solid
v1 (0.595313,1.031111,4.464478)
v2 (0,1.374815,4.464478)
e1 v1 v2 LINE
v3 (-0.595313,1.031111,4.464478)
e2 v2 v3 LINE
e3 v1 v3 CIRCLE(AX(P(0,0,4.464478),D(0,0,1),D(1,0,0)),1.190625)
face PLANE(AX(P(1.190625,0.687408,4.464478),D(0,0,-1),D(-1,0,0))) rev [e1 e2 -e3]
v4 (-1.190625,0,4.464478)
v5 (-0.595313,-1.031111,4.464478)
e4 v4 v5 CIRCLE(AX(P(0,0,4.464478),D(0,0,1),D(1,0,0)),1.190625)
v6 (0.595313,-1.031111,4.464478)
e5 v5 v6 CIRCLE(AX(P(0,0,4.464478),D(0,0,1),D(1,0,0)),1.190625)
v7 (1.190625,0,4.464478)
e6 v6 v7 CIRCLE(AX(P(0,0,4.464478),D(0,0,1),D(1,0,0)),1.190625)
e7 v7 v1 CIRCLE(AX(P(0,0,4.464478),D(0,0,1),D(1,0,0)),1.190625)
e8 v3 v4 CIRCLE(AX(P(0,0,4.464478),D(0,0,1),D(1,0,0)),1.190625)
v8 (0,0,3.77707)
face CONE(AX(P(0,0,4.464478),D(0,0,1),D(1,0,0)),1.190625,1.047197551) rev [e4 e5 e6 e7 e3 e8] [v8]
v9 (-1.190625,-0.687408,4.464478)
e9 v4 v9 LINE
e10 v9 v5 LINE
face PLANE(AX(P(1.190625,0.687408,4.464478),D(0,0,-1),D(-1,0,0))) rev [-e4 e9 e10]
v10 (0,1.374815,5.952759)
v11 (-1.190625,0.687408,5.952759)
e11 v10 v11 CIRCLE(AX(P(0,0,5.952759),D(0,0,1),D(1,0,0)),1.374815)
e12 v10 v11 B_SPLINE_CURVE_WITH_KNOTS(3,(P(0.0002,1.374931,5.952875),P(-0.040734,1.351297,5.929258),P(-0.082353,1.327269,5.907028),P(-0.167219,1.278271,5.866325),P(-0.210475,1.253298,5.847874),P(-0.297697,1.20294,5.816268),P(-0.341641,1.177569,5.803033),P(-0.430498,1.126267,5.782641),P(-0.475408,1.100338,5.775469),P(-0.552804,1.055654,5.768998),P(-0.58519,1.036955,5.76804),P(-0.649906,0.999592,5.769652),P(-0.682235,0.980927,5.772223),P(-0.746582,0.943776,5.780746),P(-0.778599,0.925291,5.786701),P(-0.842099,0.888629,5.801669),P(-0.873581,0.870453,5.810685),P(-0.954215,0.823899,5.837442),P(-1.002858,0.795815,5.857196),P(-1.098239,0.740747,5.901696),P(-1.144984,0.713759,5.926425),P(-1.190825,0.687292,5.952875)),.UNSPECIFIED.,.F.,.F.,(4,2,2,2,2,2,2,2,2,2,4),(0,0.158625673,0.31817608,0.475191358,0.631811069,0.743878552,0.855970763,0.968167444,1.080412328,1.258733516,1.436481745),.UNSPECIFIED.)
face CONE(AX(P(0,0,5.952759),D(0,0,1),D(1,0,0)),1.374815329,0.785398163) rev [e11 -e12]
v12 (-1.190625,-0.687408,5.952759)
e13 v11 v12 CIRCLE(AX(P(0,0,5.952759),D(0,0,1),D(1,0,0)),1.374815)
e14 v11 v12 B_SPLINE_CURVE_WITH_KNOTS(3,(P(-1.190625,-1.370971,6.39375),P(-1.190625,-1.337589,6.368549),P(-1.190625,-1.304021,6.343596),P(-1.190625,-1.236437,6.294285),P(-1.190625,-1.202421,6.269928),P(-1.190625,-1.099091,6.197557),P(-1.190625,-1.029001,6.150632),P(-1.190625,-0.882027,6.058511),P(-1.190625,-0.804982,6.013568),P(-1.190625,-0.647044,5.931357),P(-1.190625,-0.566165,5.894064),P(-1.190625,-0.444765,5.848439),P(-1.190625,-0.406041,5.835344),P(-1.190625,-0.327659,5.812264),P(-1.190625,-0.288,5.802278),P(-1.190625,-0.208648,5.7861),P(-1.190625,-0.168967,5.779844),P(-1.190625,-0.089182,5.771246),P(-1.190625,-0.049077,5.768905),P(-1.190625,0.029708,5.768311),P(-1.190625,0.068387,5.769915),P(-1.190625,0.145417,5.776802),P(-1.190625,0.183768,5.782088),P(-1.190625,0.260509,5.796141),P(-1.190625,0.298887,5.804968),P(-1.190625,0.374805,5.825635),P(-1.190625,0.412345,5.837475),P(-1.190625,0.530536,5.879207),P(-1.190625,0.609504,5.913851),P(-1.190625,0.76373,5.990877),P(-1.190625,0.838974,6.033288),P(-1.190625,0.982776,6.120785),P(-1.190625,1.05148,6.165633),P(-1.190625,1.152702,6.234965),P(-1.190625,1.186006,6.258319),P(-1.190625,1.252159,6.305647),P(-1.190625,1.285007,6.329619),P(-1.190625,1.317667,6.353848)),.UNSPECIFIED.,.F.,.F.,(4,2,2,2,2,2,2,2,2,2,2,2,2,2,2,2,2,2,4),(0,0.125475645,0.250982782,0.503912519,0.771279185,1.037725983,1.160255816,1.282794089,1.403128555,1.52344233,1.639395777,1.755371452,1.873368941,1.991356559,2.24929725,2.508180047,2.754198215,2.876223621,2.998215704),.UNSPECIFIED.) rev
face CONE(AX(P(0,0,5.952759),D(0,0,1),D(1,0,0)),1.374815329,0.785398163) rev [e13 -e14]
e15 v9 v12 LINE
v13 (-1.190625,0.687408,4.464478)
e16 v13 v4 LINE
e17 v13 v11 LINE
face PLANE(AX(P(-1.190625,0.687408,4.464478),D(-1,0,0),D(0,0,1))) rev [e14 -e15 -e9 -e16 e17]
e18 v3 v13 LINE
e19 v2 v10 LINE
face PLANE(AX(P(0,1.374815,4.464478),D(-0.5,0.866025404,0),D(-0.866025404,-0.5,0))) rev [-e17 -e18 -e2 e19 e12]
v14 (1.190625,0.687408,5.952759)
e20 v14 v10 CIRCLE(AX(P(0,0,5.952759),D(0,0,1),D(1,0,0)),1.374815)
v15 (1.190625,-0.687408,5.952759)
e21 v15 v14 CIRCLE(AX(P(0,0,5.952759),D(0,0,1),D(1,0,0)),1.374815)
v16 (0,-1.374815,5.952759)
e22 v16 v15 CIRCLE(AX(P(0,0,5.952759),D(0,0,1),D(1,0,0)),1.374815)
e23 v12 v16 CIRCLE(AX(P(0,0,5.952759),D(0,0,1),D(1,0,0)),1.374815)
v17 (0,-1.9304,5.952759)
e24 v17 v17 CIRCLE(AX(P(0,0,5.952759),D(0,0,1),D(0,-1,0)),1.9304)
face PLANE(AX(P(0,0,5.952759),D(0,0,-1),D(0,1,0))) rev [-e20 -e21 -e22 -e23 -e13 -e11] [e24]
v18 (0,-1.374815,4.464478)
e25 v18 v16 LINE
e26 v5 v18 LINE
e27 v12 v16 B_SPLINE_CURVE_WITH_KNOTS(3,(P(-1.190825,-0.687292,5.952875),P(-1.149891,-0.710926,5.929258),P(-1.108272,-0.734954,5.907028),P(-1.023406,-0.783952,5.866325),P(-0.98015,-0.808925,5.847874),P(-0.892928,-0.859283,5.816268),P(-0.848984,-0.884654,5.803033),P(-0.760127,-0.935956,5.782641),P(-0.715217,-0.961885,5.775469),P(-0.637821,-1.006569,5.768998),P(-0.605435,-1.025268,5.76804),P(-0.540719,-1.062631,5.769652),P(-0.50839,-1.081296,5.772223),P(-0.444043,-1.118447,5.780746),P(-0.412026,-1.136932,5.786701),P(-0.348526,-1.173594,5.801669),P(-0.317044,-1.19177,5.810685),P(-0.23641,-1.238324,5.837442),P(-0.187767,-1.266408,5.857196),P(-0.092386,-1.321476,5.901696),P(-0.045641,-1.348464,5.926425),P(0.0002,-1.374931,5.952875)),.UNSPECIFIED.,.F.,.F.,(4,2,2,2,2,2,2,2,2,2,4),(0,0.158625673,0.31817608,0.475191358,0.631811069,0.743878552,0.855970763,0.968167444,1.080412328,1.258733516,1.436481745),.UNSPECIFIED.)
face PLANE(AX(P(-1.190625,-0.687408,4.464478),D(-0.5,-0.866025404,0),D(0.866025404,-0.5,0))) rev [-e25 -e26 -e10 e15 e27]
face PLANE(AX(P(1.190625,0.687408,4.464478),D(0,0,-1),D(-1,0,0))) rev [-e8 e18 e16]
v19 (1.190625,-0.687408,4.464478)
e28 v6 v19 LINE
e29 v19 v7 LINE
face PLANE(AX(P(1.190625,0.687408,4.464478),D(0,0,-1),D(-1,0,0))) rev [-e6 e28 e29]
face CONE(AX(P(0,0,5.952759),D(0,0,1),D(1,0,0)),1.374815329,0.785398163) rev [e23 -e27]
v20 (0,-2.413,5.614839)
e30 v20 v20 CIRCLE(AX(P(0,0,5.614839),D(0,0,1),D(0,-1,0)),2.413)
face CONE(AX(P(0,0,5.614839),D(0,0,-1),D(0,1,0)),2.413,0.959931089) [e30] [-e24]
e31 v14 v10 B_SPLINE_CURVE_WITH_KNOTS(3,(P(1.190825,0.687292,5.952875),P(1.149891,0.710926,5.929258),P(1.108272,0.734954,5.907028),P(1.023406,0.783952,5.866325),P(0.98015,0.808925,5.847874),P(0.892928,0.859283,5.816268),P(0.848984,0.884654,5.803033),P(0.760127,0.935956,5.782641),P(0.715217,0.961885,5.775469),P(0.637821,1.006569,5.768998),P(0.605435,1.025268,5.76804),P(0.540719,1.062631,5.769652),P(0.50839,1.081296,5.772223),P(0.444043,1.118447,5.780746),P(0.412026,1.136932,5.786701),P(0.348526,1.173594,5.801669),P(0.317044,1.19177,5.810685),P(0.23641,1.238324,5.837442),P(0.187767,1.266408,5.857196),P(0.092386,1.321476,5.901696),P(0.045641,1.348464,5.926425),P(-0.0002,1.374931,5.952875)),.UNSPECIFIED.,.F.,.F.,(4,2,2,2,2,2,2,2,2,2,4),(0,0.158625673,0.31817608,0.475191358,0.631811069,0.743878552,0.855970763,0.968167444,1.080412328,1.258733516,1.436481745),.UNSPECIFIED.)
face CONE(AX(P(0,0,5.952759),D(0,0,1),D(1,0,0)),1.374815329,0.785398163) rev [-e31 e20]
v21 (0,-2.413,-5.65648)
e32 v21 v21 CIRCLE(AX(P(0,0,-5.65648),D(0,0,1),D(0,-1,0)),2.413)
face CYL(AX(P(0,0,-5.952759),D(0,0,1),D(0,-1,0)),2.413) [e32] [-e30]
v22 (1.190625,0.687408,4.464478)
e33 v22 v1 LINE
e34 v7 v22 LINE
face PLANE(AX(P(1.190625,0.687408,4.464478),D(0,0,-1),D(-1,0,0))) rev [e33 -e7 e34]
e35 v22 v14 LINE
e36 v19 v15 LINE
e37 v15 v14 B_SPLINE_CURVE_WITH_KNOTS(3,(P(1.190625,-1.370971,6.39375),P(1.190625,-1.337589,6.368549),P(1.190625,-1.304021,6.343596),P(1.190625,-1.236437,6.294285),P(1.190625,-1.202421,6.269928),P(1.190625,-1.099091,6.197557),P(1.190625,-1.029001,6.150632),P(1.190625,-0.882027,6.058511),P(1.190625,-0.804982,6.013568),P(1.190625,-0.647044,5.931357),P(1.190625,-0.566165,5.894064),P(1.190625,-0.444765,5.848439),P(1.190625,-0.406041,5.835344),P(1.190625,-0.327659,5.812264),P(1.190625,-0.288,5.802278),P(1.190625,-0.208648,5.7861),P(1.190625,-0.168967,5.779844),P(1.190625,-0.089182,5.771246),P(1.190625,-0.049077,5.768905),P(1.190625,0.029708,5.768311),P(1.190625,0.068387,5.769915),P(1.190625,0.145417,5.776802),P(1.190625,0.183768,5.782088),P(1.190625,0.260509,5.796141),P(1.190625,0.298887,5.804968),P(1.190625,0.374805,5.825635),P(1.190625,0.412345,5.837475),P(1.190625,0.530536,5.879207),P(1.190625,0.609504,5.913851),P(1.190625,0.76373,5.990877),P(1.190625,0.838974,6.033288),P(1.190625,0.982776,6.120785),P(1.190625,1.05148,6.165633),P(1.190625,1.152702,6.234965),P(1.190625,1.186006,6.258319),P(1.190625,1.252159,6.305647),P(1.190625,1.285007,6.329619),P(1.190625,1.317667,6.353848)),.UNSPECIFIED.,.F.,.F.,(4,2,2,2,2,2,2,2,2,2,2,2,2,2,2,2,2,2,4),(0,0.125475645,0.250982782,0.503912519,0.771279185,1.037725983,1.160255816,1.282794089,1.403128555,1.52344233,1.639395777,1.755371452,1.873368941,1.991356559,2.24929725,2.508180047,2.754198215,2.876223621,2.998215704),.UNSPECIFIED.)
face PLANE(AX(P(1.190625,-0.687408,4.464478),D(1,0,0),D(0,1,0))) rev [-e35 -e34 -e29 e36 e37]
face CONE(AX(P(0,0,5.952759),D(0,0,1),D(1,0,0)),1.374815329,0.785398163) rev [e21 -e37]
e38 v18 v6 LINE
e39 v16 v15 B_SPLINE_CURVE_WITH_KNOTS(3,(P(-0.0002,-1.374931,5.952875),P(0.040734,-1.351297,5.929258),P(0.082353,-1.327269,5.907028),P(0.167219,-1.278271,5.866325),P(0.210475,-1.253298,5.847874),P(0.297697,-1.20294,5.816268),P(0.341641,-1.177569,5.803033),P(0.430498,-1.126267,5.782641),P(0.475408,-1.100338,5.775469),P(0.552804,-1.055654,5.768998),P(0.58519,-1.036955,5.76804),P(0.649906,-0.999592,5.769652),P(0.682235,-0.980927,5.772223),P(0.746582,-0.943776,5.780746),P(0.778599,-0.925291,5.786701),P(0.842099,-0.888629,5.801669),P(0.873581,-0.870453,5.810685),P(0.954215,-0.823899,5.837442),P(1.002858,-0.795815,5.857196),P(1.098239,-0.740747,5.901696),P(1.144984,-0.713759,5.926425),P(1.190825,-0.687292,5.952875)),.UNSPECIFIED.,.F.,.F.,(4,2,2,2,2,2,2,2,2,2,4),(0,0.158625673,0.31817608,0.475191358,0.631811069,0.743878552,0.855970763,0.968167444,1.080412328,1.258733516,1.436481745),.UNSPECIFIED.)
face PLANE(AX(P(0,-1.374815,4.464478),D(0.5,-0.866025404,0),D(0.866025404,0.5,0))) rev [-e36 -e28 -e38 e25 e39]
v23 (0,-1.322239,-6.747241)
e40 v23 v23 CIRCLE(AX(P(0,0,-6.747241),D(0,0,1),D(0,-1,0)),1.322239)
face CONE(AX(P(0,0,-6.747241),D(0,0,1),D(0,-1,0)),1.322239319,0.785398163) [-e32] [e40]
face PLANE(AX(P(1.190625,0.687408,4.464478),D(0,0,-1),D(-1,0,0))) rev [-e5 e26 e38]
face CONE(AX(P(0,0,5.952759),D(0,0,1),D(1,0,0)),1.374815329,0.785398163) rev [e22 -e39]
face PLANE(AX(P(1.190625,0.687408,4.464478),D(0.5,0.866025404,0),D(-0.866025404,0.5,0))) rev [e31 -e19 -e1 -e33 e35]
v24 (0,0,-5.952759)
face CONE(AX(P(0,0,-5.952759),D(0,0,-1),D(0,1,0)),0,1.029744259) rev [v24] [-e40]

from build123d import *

# Parameters (mm, degrees)
CUT_EXTRUDE10_DEPTH = 1.48828125


with BuildPart() as part:
    # Sketch22 → Revolve1 (revolve)
    with BuildSketch(Plane(origin=(0, 0, 0), x_dir=(0, 0, -1), z_dir=(1, 0, 0))):
        Polygon((-5.952759232, 0), (-5.952759232, 1.9304), (-5.614839074, 2.413), (5.656480087, 2.413), (6.747240768, 1.322239319), (5.952759232, 0), align=None)
    revolve(axis=Axis((0, 0, -5.952759232), (0, 0, -1)))

    # Sketch23 → Cut-Extrude10 (cut)
    with BuildSketch(Plane.XY.offset(5.952759232)):
        Polygon((0, 1.374815329), (-1.190625, 0.687407664), (-1.190625, -0.687407664), (0, -1.374815329), (1.190625, -0.687407664), (1.190625, 0.687407664), align=None)
    extrude(amount=-CUT_EXTRUDE10_DEPTH, mode=Mode.SUBTRACT)

    # Cut-Extrude11 cone 1 section (through the dimple's axis) → Cut-Extrude11 (revolve, cut)
    with BuildSketch(Plane(origin=(0, 0, 5.952759232), x_dir=(0, -1, 0), z_dir=(1, 0, 0))):
        Polygon((0, 0), (1.374815329, 0), (0, 1.374815329), align=None)
    revolve(axis=Axis((0, 0, 5.952759232), (0, 0, -1)), mode=Mode.SUBTRACT)

    # Cut-Extrude12 cone 1 section (through the dimple's axis) → Cut-Extrude12 (revolve, cut)
    with BuildSketch(Plane(origin=(0, 0, 4.464477982), x_dir=(0, -1, 0), z_dir=(1, 0, 0))):
        Polygon((0, 0), (1.190625, 0), (0, 0.687407664), align=None)
    revolve(axis=Axis((0, 0, 4.464477982), (0, 0, -1)), mode=Mode.SUBTRACT)


solid = part.part
